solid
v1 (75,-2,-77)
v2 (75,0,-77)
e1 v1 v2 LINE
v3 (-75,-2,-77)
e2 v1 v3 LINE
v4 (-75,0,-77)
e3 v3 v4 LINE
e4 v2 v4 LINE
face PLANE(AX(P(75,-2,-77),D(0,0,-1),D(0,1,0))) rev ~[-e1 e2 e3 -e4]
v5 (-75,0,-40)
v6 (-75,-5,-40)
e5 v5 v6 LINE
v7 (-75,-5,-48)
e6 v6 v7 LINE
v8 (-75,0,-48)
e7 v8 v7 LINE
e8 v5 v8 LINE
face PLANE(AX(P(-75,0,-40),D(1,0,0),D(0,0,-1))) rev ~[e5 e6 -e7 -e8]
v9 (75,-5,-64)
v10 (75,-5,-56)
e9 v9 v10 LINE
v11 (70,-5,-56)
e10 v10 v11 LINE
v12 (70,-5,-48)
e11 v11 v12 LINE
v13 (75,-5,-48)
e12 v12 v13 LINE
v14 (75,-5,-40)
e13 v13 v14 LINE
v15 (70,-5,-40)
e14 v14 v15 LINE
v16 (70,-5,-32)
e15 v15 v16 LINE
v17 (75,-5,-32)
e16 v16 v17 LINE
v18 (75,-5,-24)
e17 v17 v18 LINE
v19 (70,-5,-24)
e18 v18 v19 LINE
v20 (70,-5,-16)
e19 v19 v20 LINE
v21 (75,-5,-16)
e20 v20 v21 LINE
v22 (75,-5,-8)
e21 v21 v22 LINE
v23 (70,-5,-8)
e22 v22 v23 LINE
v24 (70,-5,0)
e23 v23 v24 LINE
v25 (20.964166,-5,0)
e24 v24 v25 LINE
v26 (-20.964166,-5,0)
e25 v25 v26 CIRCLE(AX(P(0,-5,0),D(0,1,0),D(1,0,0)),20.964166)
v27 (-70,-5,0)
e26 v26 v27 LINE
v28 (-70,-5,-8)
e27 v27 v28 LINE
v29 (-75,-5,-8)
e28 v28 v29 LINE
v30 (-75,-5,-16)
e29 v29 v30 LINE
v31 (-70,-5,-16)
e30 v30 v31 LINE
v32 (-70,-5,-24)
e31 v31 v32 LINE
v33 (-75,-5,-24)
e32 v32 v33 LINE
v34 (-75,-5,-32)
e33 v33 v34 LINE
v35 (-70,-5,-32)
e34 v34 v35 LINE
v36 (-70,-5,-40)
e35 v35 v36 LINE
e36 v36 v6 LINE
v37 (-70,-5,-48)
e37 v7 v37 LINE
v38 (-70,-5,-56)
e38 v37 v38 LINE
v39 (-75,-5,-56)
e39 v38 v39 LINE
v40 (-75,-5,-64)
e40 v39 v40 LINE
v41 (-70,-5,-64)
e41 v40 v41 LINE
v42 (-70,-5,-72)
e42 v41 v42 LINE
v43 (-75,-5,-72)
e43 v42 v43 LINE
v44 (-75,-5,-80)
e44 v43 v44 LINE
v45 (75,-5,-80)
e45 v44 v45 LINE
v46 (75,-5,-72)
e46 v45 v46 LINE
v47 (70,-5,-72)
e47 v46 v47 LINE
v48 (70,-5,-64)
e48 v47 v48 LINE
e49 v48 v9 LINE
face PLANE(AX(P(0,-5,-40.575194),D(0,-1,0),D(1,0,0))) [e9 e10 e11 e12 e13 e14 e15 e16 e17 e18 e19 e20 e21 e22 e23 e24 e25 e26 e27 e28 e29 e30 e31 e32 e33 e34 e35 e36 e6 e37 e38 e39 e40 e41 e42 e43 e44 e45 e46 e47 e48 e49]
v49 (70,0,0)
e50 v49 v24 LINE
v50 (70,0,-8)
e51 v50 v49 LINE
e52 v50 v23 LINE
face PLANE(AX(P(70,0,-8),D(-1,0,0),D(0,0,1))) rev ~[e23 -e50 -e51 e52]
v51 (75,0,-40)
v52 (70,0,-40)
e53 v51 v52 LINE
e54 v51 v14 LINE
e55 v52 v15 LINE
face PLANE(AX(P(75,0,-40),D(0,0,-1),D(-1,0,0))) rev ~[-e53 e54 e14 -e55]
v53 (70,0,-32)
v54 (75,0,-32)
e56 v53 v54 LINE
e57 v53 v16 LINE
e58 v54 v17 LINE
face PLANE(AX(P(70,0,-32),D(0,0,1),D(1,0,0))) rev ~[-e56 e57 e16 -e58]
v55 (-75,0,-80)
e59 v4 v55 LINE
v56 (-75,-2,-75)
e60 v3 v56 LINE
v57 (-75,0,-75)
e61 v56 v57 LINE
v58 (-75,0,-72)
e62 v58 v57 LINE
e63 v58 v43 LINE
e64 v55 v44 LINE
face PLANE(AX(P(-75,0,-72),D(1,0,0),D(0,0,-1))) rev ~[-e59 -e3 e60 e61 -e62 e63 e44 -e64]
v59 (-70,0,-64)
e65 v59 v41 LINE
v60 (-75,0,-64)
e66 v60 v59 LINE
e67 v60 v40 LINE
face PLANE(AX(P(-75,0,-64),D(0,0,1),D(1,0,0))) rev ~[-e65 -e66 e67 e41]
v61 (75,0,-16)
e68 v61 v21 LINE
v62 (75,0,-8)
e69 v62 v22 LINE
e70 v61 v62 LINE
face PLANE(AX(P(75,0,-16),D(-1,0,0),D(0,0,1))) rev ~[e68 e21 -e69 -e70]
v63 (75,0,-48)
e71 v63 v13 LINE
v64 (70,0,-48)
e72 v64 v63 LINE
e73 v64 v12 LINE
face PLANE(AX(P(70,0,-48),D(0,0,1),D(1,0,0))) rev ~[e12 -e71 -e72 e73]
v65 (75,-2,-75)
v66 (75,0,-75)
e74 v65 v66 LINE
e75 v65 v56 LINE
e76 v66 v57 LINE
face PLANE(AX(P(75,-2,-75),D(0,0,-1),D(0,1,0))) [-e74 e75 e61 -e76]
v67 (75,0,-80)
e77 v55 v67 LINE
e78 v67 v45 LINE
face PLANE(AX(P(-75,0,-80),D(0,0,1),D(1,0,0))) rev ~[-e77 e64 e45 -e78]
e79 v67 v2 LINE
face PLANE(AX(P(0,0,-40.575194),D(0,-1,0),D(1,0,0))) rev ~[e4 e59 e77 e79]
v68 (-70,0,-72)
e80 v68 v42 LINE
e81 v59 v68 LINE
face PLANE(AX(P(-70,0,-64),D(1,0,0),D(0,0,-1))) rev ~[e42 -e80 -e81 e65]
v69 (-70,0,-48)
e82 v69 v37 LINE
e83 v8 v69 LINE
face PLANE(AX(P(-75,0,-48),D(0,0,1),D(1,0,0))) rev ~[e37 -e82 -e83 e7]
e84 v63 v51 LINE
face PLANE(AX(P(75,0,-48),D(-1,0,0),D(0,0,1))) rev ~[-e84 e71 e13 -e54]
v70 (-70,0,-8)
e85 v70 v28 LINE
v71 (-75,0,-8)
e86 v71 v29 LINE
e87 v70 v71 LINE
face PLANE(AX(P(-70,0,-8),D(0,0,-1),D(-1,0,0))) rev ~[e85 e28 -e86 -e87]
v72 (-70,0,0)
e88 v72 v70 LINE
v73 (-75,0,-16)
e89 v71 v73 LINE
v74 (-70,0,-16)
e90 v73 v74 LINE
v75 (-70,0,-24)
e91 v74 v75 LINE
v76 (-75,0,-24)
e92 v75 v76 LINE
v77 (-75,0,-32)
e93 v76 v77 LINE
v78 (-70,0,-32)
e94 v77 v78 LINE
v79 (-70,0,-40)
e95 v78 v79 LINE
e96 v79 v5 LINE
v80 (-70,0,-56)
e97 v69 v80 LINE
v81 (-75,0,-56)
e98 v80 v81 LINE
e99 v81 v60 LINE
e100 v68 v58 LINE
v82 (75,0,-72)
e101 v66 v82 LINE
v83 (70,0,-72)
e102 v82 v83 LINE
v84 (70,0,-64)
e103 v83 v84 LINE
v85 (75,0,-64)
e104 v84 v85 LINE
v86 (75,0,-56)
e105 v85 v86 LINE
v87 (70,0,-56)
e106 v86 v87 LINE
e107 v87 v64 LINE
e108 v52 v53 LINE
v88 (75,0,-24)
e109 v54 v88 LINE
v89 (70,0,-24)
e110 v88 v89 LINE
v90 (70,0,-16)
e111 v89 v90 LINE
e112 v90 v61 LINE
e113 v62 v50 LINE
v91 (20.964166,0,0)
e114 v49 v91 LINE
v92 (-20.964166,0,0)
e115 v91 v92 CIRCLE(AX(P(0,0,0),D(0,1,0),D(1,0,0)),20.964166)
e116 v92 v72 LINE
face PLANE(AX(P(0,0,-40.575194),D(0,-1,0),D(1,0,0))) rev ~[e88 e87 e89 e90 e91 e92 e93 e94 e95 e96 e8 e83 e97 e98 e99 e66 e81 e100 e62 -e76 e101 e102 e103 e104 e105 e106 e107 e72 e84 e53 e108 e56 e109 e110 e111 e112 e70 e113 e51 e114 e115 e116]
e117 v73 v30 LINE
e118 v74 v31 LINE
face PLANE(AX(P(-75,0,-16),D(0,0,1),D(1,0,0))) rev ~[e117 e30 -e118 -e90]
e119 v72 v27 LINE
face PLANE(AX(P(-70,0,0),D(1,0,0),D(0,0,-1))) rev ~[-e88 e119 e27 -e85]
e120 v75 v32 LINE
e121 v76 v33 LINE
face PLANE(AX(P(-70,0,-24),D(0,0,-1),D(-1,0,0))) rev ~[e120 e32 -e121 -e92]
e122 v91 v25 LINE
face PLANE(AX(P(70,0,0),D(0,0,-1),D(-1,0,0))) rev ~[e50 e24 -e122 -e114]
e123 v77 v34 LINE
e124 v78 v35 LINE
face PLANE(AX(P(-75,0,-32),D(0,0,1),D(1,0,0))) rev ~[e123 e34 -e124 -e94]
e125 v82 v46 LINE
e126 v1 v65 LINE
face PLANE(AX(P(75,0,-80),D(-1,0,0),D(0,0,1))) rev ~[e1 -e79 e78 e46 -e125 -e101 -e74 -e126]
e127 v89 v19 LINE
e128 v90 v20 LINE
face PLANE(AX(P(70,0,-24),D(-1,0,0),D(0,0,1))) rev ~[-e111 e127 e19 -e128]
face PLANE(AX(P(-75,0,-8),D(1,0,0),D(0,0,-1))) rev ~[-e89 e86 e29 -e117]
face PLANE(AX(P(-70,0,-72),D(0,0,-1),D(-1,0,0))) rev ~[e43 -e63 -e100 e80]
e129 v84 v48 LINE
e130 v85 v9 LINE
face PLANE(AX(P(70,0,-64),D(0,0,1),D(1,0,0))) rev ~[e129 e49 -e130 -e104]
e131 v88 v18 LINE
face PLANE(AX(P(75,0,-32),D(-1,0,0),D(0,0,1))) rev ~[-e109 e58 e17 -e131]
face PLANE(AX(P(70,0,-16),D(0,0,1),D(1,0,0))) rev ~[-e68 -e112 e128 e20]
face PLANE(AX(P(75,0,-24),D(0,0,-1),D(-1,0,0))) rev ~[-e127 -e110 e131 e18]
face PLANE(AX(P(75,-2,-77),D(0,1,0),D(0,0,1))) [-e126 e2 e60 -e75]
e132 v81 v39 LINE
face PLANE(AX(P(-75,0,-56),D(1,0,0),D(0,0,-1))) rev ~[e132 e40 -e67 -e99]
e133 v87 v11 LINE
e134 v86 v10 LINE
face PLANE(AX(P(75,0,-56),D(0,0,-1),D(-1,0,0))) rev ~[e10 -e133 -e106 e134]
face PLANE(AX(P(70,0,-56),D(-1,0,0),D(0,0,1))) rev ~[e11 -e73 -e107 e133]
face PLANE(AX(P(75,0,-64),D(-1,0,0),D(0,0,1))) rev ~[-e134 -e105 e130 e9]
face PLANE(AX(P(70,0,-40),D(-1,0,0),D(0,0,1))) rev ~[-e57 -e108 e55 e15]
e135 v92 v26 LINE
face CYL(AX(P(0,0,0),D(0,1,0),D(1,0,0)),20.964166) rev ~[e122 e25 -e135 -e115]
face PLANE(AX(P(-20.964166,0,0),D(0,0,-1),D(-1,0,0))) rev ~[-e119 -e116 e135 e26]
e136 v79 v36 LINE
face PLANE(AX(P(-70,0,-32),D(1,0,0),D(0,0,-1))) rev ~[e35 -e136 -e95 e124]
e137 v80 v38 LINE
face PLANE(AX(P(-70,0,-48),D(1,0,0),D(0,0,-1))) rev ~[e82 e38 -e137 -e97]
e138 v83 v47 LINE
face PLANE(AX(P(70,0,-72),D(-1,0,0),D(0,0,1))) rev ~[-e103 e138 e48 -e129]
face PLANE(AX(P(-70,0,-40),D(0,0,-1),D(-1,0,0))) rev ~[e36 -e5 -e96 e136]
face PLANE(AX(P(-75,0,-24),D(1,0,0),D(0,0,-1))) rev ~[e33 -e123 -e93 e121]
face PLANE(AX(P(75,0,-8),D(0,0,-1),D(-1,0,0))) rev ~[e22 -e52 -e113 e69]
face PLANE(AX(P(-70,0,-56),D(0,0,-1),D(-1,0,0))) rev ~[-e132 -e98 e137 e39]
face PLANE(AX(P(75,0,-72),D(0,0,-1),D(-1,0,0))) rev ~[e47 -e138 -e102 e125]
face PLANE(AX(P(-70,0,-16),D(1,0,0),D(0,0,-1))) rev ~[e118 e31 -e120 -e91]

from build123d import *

# Parameters (mm, degrees)
F2_DEPTH = 5
F3_W     = 2
F3_H     = 2
F4_DEPTH = 150.001


with BuildPart() as f2:
    # F1 (on Front) → F2 (new body)
    with BuildSketch(Plane.XZ):
        with BuildLine():
            ThreePointArc((20.9641661495, 0), (0, -20.9641661495), (-20.9641661495, 0))
            Line((-20.9641661495, 0), (-70, 0))
            Line((-70, 0), (-70, -8))
            Line((-70, -8), (-75, -8))
            Line((-75, -8), (-75, -16))
            Line((-75, -16), (-70, -16))
            Line((-70, -16), (-70, -24))
            Line((-70, -24), (-75, -24))
            Line((-75, -24), (-75, -32))
            Line((-75, -32), (-70, -32))
            Line((-70, -32), (-70, -40))
            Line((-70, -40), (-75, -40))
            Line((-75, -40), (-75, -48))
            Line((-75, -48), (-70, -48))
            Line((-70, -48), (-70, -56))
            Line((-70, -56), (-75, -56))
            Line((-75, -56), (-75, -64))
            Line((-75, -64), (-70, -64))
            Line((-70, -64), (-70, -72))
            Line((-70, -72), (-75, -72))
            Line((-75, -72), (-75, -80))
            Line((-75, -80), (75, -80))
            Line((75, -80), (75, -72))
            Line((75, -72), (70, -72))
            Line((70, -72), (70, -64))
            Line((70, -64), (75, -64))
            Line((75, -64), (75, -56))
            Line((75, -56), (70, -56))
            Line((70, -56), (70, -48))
            Line((70, -48), (75, -48))
            Line((75, -48), (75, -40))
            Line((75, -40), (70, -40))
            Line((70, -40), (70, -32))
            Line((70, -32), (75, -32))
            Line((75, -32), (75, -24))
            Line((75, -24), (70, -24))
            Line((70, -24), (70, -16))
            Line((70, -16), (75, -16))
            Line((75, -16), (75, -8))
            Line((75, -8), (70, -8))
            Line((70, -8), (70, 0))
            Line((70, 0), (20.9641661495, 0))
        make_face()
    extrude(amount=F2_DEPTH)

    # F3 (on face) → F4 (cut, through all)
    with BuildSketch(Plane.YZ.offset(75)):
        with Locations((-1, -76)):
            Rectangle(F3_W, F3_H)
    extrude(amount=-F4_DEPTH, mode=Mode.SUBTRACT)


solid = f2.part
